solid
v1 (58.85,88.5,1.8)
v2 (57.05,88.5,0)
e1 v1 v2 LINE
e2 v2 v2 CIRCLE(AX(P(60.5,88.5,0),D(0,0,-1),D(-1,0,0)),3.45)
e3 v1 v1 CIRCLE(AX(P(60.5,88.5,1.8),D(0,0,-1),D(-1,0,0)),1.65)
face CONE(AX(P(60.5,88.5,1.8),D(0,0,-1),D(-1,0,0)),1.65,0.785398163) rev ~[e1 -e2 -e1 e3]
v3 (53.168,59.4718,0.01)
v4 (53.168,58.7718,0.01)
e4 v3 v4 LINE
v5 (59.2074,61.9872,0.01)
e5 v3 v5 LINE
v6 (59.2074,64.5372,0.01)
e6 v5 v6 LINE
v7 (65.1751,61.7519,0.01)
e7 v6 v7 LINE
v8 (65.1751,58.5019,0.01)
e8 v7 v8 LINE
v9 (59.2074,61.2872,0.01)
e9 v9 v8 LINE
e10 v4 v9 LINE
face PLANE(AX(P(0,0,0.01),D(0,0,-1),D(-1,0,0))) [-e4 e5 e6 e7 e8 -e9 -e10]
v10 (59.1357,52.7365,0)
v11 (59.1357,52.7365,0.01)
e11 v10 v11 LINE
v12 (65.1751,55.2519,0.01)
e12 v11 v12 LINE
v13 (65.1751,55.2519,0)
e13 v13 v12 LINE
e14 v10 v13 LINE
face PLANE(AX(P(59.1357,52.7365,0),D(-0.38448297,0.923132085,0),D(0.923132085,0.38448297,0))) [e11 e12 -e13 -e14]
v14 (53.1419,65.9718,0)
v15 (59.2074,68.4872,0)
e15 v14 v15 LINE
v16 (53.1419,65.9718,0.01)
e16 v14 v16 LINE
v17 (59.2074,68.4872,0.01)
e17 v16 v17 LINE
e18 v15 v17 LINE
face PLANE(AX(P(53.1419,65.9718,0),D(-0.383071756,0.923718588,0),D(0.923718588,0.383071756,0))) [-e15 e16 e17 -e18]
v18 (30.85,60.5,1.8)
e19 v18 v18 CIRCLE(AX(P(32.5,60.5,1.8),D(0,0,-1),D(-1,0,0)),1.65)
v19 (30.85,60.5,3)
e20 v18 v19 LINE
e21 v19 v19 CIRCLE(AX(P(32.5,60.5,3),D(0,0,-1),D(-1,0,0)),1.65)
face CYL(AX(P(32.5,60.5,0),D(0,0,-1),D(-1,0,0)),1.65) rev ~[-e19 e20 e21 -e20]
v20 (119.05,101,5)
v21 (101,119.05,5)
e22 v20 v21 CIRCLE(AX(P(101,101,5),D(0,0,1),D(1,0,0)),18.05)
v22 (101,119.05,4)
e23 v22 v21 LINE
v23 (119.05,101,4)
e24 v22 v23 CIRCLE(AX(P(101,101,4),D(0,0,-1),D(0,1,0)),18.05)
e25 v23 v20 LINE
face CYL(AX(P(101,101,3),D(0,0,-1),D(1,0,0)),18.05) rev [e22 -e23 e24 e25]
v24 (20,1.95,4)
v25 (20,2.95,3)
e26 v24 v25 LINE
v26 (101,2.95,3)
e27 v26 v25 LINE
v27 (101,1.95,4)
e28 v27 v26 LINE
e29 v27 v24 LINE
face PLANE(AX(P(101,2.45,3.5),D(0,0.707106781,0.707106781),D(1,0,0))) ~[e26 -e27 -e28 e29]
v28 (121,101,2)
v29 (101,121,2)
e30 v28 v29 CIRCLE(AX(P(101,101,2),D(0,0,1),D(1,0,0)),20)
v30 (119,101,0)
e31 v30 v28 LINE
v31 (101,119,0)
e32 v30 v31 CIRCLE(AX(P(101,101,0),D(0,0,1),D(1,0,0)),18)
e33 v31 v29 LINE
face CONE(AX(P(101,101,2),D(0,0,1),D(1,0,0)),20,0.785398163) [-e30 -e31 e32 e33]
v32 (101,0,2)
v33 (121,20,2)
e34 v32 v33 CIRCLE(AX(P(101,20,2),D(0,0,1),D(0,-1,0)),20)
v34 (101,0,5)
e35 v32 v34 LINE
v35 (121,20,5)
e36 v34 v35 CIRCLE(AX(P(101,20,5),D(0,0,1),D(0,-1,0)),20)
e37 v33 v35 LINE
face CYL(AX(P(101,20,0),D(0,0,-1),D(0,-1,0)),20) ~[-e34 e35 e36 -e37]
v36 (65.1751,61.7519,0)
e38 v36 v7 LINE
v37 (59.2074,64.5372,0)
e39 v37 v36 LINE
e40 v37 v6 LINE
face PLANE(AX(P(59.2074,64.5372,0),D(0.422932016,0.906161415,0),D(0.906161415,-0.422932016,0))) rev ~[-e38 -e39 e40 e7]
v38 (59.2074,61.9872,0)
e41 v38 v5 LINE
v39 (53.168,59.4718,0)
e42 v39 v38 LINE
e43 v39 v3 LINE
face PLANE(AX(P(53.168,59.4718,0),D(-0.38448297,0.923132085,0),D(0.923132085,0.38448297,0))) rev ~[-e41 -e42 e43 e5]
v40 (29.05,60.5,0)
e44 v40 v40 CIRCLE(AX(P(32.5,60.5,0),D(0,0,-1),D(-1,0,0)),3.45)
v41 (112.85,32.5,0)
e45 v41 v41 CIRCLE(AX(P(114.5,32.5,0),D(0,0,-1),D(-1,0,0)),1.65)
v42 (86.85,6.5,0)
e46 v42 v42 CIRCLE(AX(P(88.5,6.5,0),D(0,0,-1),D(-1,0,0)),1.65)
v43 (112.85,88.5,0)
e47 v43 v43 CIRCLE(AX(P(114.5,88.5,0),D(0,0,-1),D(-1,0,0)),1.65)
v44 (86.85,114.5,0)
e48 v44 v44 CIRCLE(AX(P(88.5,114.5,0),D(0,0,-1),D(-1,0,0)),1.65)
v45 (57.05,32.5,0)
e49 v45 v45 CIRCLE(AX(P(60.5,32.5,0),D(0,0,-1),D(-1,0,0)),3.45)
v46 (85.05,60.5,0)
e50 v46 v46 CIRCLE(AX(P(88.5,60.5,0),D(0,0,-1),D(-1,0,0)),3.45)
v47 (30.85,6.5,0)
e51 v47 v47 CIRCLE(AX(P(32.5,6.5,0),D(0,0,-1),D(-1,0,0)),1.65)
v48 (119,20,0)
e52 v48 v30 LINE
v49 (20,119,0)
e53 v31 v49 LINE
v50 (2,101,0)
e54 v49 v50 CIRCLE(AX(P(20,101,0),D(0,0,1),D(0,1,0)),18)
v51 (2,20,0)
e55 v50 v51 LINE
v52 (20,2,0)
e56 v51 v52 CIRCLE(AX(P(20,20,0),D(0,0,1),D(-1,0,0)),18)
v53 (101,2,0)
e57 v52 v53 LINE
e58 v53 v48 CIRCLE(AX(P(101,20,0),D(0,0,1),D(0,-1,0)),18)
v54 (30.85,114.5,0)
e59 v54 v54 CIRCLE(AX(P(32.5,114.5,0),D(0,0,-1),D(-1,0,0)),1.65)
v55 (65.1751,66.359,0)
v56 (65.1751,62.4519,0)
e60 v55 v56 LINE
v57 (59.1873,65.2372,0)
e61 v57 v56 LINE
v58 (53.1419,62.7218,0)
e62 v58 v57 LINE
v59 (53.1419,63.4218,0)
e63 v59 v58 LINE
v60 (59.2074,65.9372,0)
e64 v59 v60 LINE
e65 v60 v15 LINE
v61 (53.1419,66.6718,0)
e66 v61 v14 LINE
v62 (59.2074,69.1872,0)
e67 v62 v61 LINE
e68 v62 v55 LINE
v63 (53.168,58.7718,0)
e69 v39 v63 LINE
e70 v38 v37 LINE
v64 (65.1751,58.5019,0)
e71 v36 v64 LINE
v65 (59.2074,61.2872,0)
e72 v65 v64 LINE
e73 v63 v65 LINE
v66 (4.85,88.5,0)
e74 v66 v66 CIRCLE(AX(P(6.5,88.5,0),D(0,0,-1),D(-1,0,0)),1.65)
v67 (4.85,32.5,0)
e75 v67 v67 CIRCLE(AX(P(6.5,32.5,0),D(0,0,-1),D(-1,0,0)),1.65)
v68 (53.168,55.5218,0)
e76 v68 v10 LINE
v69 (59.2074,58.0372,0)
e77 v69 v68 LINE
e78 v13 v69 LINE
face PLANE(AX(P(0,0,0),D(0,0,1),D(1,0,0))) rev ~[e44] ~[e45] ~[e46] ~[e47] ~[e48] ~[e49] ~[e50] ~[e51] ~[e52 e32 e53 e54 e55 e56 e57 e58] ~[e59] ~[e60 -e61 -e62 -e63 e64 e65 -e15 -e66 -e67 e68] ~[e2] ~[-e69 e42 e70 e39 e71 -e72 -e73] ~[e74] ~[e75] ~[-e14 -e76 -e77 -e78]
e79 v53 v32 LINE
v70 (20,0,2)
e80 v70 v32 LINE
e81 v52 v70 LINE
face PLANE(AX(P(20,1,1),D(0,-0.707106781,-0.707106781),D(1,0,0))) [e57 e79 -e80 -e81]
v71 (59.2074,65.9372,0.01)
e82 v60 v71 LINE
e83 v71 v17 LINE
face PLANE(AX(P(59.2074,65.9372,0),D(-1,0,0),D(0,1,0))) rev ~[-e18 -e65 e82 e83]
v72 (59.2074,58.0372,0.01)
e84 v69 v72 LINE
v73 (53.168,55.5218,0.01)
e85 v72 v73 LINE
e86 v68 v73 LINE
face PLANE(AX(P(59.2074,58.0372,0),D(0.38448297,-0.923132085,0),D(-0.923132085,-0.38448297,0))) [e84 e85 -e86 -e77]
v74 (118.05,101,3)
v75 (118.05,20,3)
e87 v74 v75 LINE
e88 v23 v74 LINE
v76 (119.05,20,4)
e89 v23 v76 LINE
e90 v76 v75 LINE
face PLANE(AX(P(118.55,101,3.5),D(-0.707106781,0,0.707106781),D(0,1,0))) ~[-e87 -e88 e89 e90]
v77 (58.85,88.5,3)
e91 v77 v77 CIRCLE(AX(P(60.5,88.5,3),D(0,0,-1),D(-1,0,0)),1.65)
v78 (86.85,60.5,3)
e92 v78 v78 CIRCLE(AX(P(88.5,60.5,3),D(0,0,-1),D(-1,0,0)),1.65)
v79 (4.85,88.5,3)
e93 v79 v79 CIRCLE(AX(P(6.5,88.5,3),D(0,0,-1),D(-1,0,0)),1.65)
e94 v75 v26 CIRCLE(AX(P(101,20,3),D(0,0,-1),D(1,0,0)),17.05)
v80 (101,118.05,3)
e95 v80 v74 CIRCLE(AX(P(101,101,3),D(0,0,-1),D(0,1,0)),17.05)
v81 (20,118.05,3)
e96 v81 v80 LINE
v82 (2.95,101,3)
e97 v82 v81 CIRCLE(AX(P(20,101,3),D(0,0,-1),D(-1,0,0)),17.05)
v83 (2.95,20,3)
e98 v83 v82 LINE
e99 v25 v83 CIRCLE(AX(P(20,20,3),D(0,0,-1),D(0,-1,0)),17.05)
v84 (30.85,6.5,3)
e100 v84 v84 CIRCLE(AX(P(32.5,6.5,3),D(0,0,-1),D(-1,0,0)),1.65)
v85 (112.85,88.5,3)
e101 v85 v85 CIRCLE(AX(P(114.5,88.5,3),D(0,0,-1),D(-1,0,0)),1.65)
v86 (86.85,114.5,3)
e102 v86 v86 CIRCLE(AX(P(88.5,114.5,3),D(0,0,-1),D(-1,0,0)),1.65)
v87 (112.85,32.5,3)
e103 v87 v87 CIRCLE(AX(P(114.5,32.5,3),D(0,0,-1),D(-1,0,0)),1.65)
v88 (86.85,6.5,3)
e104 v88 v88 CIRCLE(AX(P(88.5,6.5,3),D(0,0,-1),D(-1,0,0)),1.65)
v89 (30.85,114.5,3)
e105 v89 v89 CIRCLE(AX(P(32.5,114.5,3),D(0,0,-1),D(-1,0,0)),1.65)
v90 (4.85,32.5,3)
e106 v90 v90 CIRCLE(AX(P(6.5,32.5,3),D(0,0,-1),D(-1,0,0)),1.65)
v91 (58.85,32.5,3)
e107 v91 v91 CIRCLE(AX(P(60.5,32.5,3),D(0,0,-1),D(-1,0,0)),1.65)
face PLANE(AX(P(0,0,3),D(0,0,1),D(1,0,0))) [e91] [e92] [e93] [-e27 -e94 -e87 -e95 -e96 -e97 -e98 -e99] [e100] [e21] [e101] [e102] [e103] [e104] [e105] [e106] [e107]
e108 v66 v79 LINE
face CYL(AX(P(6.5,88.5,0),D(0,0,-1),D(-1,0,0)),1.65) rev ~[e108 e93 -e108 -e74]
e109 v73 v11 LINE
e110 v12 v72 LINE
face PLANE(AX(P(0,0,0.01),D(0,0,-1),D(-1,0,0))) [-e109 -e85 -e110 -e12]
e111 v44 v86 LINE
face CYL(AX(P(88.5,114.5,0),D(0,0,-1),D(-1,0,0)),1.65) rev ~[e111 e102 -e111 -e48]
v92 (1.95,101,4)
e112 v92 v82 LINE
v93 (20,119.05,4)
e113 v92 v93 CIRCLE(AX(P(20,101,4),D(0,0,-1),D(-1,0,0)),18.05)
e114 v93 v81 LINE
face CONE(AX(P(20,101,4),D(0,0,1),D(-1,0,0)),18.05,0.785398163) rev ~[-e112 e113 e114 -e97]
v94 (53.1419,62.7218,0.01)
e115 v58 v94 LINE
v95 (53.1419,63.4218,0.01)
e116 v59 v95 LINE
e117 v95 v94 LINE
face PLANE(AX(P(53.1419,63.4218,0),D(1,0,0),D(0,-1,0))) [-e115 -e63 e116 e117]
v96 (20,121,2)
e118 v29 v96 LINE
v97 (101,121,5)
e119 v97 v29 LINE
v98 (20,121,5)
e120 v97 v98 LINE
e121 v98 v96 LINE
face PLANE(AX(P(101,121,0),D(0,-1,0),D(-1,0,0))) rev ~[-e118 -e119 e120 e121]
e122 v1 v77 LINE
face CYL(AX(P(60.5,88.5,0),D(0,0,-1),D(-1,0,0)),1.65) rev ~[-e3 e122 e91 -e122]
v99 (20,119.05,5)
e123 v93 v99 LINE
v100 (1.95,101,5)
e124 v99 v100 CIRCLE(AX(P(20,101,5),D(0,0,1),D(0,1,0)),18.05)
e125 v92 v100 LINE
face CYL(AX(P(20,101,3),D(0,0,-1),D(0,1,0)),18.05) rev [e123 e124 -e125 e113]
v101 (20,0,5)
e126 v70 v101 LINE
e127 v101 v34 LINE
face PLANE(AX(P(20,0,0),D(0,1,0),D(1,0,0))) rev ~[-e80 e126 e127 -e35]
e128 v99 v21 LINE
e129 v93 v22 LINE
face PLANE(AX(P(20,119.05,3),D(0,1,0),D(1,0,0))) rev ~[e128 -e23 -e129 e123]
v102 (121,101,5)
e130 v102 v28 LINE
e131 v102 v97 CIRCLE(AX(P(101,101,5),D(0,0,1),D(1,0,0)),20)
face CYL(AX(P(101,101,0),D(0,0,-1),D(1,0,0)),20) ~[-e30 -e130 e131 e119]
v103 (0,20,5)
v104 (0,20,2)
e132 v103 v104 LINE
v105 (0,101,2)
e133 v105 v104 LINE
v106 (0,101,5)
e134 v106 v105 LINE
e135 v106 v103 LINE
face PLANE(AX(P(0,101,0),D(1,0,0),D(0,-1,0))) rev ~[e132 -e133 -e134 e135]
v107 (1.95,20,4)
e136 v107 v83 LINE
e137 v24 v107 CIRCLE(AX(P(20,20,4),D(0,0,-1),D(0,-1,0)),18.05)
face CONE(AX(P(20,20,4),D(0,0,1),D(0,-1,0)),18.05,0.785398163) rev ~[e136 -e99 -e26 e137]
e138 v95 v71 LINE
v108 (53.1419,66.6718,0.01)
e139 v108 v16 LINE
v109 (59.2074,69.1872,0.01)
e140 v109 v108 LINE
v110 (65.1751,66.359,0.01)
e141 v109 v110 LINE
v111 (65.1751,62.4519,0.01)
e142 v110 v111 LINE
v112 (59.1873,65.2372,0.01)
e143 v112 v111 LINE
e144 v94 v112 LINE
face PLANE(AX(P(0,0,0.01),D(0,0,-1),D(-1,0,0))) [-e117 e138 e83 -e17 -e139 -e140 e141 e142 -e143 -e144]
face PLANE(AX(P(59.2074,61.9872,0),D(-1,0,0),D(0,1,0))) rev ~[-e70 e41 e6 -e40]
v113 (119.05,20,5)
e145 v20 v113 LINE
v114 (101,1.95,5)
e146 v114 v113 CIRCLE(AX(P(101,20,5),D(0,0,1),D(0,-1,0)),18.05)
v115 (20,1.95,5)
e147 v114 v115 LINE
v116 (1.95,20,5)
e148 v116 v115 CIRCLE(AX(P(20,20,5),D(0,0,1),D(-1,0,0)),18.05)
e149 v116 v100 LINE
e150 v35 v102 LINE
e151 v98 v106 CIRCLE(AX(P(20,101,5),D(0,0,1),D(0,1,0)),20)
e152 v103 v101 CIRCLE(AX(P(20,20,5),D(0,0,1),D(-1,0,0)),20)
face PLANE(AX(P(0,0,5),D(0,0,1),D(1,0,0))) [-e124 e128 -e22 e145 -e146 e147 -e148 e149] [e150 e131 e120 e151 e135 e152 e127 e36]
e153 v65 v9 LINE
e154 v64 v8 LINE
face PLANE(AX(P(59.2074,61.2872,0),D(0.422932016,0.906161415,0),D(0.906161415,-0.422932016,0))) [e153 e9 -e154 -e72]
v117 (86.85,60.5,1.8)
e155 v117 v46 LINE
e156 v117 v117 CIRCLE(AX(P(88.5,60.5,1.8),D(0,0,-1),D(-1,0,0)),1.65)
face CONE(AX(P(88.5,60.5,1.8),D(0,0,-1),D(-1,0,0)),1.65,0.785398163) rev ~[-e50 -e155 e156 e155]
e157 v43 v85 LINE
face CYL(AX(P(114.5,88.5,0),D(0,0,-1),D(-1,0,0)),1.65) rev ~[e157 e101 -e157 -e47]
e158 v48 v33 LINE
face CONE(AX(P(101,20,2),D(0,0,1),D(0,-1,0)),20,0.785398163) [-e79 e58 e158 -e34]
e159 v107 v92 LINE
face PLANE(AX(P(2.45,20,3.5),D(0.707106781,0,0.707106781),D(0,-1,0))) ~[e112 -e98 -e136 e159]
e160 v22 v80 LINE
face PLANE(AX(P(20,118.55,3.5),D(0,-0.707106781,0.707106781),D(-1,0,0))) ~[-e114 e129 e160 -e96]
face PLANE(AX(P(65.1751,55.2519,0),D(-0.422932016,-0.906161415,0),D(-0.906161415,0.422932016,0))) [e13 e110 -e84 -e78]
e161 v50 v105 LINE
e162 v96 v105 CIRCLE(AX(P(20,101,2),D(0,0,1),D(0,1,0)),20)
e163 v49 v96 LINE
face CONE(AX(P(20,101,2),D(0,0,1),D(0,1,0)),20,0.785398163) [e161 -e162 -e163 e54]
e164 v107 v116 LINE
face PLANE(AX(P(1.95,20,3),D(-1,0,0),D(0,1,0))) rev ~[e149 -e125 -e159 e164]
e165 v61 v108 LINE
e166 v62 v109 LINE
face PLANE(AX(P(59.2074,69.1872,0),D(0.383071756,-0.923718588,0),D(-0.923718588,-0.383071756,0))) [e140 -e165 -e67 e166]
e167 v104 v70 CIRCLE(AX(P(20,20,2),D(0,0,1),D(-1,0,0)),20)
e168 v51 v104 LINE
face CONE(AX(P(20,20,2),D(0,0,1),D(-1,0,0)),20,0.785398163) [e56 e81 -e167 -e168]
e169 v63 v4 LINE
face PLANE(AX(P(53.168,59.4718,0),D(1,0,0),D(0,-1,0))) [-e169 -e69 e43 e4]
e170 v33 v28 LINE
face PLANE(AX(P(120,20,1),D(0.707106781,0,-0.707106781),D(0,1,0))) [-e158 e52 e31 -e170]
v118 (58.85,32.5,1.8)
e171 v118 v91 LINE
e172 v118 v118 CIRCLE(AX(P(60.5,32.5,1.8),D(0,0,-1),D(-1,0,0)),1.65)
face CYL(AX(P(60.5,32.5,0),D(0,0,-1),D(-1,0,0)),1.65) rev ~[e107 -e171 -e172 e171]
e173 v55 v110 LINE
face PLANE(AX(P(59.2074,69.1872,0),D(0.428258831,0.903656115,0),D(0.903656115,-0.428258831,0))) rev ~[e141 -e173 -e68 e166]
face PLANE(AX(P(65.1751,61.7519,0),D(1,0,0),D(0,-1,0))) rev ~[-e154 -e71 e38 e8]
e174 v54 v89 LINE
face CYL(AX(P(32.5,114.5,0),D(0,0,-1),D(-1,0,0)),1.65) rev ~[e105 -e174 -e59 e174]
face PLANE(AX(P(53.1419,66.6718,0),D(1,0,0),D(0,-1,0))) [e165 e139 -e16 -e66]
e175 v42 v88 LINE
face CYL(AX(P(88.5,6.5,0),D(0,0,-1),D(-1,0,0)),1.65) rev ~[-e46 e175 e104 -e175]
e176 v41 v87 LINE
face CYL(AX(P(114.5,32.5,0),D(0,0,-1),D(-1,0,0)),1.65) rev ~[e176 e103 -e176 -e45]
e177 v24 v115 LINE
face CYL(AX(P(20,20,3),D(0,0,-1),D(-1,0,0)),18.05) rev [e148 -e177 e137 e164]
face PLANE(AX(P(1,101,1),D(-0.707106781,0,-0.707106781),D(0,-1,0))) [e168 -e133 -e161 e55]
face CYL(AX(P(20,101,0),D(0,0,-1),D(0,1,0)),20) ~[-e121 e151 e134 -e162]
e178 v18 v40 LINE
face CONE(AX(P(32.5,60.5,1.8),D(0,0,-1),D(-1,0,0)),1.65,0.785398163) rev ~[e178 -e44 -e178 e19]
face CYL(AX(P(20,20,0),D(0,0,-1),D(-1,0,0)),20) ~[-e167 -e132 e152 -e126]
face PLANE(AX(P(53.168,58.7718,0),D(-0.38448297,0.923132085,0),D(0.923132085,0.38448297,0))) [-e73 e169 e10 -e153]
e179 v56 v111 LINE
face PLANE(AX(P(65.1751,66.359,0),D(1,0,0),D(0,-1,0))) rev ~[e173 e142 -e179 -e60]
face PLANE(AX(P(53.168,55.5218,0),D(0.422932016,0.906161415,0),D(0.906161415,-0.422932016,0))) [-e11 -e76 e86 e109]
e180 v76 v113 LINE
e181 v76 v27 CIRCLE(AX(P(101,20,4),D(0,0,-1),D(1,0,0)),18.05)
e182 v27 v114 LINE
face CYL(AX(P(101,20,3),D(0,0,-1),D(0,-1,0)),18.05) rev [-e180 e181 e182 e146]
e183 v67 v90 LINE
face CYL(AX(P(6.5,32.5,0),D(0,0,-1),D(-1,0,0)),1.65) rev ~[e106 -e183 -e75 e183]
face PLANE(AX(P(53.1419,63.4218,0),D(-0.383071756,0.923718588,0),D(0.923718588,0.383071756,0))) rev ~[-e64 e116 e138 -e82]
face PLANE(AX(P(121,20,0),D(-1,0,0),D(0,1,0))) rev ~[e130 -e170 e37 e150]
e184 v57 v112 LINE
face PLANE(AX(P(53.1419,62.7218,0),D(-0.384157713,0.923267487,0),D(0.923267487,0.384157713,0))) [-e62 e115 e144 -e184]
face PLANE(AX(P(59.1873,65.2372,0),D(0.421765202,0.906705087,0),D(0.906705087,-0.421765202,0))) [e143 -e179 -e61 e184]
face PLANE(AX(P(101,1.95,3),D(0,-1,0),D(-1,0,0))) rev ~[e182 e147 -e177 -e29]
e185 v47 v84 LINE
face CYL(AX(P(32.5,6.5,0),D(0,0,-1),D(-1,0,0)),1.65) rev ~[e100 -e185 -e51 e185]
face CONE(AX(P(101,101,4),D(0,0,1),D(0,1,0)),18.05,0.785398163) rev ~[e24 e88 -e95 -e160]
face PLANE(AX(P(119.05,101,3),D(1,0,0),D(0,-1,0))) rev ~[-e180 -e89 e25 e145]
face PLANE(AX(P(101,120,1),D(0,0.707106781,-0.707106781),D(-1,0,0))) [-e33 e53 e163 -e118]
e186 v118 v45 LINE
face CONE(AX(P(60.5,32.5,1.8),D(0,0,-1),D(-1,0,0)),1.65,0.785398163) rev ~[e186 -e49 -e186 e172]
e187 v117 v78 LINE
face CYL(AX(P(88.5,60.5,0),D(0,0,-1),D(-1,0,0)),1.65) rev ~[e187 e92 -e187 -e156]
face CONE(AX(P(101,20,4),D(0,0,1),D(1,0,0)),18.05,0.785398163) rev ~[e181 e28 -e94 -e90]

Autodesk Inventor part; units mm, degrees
ref_plane "YZ Plane" through (0, 0, 0) normal (1, 0, 0) x (0, 1, 0)
ref_plane "XZ Plane" through (0, 0, 0) normal (0, 1, 0) x (-1, 0, 0)
ref_plane "XY Plane" through (0, 0, 0) normal (0, 0, 1) x (1, 0, 0)
sketch "Sketch1" plane through (0, 0, 0) normal (0, 0, 1) x (1, 0, 0)
  line L0 (20, 0) -> (101, 0)
  line L1 (121, 20) -> (121, 101)
  line L2 (101, 121) -> (20, 121)
  line L3 (0, 101) -> (0, 20)
  arc A0 (20, 121) -> (0, 101) centre (20, 101) ccw
  arc A1 (121, 101) -> (101, 121) centre (101, 101) ccw
  arc A2 (101, 0) -> (121, 20) centre (101, 20) ccw
  arc A3 (0, 20) -> (20, 0) centre (20, 20) ccw
  point P0 (0, 0)
  point P1 (121, 121)
  point P2 (121, 0)
  point P3 (0, 121)
  dimension "d0" = 121
  dimension "d1" = 121
  dimension "d2" = 20
extrude "Extrusion1" add sketch "Sketch1" along normal blind 3
sketch "Sketch2" plane through (0, 0, 3) normal (0, 0, 1) x (1, 0, 0)
  arc A0 (101, 0) -> (121, 20) centre (101, 20) ccw projected
  line L0 (121, 20) -> (121, 101) projected
  arc A1 (121, 101) -> (101, 121) centre (101, 101) ccw projected
  line L1 (101, 121) -> (20, 121) projected
  arc A2 (20, 121) -> (0, 101) centre (20, 101) ccw projected
  line L2 (0, 101) -> (0, 20) projected
  arc A3 (0, 20) -> (20, 0) centre (20, 20) ccw projected
  line L3 (20, 0) -> (101, 0) projected
  line L4 (20, 119.05) -> (101, 119.05)
  arc A4 (119.05, 101) -> (101, 119.05) centre (101, 101) ccw
  line L5 (119.05, 101) -> (119.05, 20)
  arc A5 (101, 1.95) -> (119.05, 20) centre (101, 20) ccw
  line L6 (101, 1.95) -> (20, 1.95)
  arc A6 (1.95, 20) -> (20, 1.95) centre (20, 20) ccw
  line L7 (1.95, 20) -> (1.95, 101)
  arc A7 (20, 119.05) -> (1.95, 101) centre (20, 101) ccw
  point P0 (0, 0)
  dimension "d5" = 1.95
extrude "Extrusion2" add sketch "Sketch2" along normal blind 2
chamfer "Chamfer1" distance 1 angle 45 8 edges at (1.95, 60.5, 3) (7.2367, 7.2367, 3) (60.5, 1.95, 3) (113.7633, 7.2367, 3) (119.05, 60.5, 3) (113.7633, 113.7633, 3) (60.5, 119.05, 3) (7.2367, 113.7633, 3)
sketch "Sketch3" plane through (0, 0, 0) normal (0, 0, -1) x (-1, 0, 0)
  circle A0 centre (-6.5, 88.5) radius 2.15 projected
  circle A1 centre (-6.5, 32.5) radius 2.15 projected
  circle A2 centre (-32.5, 6.5) radius 2.15 projected
  circle A3 centre (-88.5, 6.5) radius 2.15 projected
  circle A4 centre (-114.5, 32.5) radius 2.15 projected
  circle A5 centre (-114.5, 88.5) radius 2.15 projected
  circle A6 centre (-88.5, 114.5) radius 2.15 projected
  circle A7 centre (-32.5, 114.5) radius 2.15 projected
  circle A8 centre (-60.5, 60.5) radius 2.15 projected
  circle A9 centre (-60.5, 88.5) radius 2.15 projected
  circle A10 centre (-88.5, 60.5) radius 2.15 projected
  circle A11 centre (-60.5, 32.5) radius 2.15 projected
  circle A12 centre (-32.5, 60.5) radius 2.15 projected
  circle A13 centre (-88.5, 114.5) radius 1.65
  circle A14 centre (-32.5, 114.5) radius 1.65
  circle A15 centre (-60.5, 88.5) radius 1.65
  circle A16 centre (-114.5, 88.5) radius 1.65
  circle A17 centre (-88.5, 60.5) radius 1.65
  circle A18 centre (-60.5, 60.5) radius 1.65
  circle A19 centre (-32.5, 60.5) radius 1.65
  circle A20 centre (-6.5, 88.5) radius 1.65
  circle A21 centre (-6.5, 32.5) radius 1.65
  circle A22 centre (-60.5, 32.5) radius 1.65
  circle A23 centre (-114.5, 32.5) radius 1.65
  circle A24 centre (-88.5, 6.5) radius 1.65
  circle A25 centre (-32.5, 6.5) radius 1.65
  point P0 (0, 0)
  dimension "d11" = 3.3
  dimension "d12" = 3.3
  dimension "d13" = 3.3
  dimension "d14" = 3.3
  dimension "d15" = 3.3
  dimension "d16" = 3.3
  dimension "d17" = 3.3
  dimension "d18" = 3.3
  dimension "d19" = 3.3
  dimension "d20" = 3.3
  dimension "d21" = 3.3
  dimension "d22" = 3.3
  dimension "d23" = 3.3
extrude "Extrusion3" cut sketch "Sketch3" against normal through all contours A13 | A14 | A15 | A16 | A17 | A19 | A20 | A21 | A22 | A23 | A24 | A25
chamfer "Chamfer2" distance 1.8 angle 45 4 edges at (62.15, 88.5, 0) (90.15, 60.5, 0) (34.15, 60.5, 0) (62.15, 32.5, 0)
chamfer "Chamfer3" distance 2 angle 45 8 edges at (60.5, 121, 0) (5.8579, 115.1421, 0) (0, 60.5, 0) (5.8579, 5.8579, 0) (60.5, 0, 0) (115.1421, 5.8579, 0) (121, 60.5, 0) (115.1421, 115.1421, 0)
sketch "Sketch4" plane through (0, 0, 0) normal (0, 0, -1) x (-1, 0, 0)
  line L0 (-53.168, 55.5218) -> (-59.1357, 52.7365)
  line L1 (-59.1357, 52.7365) -> (-65.1751, 55.2519)
  line L2 (-65.1751, 55.2519) -> (-59.2074, 58.0372)
  line L3 (-59.2074, 58.0372) -> (-53.168, 55.5218)
  line L4 (-53.168, 59.4718) -> (-59.2074, 61.9872)
  line L5 (-59.2074, 61.9872) -> (-59.2074, 64.5372)
  line L6 (-59.2074, 64.5372) -> (-65.1751, 61.7519)
  line L7 (-65.1751, 61.7519) -> (-65.1751, 58.5019)
  line L8 (-53.168, 59.4718) -> (-53.168, 58.7718)
  line L9 (-53.168, 58.7718) -> (-59.2074, 61.2872)
  line L10 (-59.2074, 61.2872) -> (-65.1751, 58.5019)
  line L11 (-59.2074, 69.1872) -> (-65.1751, 66.359)
  line L12 (-59.2074, 65.9372) -> (-59.2074, 68.4872)
  line L13 (-53.1419, 63.4218) -> (-59.2074, 65.9372)
  line L14 (-53.1419, 63.4218) -> (-53.1419, 62.7218)
  line L15 (-53.1419, 62.7218) -> (-59.1873, 65.2372)
  line L16 (-65.1751, 66.359) -> (-65.1751, 62.4519)
  line L17 (-59.1873, 65.2372) -> (-65.1751, 62.4519)
  line L18 (-59.2074, 69.1872) -> (-53.1419, 66.6718)
  line L19 (-53.1419, 66.6718) -> (-53.1419, 65.9718)
  line L20 (-53.1419, 65.9718) -> (-59.2074, 68.4872)
  point P0 (0, 0)
  dimension "d32" = 0.7
  dimension "d33" = 0.7
  dimension "d34" = 0.7
  dimension "d35" = 0.7
  dimension "d36" = 0
  dimension "d37" = 3.25
  dimension "d38" = 0.7
  dimension "d39" = 0.7
  dimension "d40" = 0.7
  dimension "d41" = 0.7
  dimension "d42" = 3.25
  dimension "d43" = 3.25
  dimension "d44" = 3.25
  dimension "d45" = 3.25
  dimension "d46" = 3.25
  dimension "d47" = 3.25
extrude "Extrusion4" cut sketch "Sketch4" against normal blind 0.01
equation "\"d1\" = d0"
equation "\"d12\" = d11"
equation "\"d13\" = d11"
equation "\"d14\" = d11"
equation "\"d15\" = d11"
equation "\"d16\" = d11"
equation "\"d17\" = d11"
equation "\"d18\" = d11"
equation "\"d19\" = d11"
equation "\"d20\" = d11"
equation "\"d21\" = d20"
equation "\"d22\" = d20"
equation "\"d23\" = d20"
equation "\"d33\" = d32"
equation "\"d34\" = d32"
equation "\"d38\" = d32"
equation "\"d39\" = d32"
equation "\"d40\" = d32"
equation "\"d41\" = d32"
equation "\"d42\" = d37"
equation "\"d44\" = d42"
equation "\"d45\" = d44"
equation "\"d46\" = d45"
equation "\"d47\" = d45"
properties part number "battery_pack_cover_rear" material "ABS Plastic"
